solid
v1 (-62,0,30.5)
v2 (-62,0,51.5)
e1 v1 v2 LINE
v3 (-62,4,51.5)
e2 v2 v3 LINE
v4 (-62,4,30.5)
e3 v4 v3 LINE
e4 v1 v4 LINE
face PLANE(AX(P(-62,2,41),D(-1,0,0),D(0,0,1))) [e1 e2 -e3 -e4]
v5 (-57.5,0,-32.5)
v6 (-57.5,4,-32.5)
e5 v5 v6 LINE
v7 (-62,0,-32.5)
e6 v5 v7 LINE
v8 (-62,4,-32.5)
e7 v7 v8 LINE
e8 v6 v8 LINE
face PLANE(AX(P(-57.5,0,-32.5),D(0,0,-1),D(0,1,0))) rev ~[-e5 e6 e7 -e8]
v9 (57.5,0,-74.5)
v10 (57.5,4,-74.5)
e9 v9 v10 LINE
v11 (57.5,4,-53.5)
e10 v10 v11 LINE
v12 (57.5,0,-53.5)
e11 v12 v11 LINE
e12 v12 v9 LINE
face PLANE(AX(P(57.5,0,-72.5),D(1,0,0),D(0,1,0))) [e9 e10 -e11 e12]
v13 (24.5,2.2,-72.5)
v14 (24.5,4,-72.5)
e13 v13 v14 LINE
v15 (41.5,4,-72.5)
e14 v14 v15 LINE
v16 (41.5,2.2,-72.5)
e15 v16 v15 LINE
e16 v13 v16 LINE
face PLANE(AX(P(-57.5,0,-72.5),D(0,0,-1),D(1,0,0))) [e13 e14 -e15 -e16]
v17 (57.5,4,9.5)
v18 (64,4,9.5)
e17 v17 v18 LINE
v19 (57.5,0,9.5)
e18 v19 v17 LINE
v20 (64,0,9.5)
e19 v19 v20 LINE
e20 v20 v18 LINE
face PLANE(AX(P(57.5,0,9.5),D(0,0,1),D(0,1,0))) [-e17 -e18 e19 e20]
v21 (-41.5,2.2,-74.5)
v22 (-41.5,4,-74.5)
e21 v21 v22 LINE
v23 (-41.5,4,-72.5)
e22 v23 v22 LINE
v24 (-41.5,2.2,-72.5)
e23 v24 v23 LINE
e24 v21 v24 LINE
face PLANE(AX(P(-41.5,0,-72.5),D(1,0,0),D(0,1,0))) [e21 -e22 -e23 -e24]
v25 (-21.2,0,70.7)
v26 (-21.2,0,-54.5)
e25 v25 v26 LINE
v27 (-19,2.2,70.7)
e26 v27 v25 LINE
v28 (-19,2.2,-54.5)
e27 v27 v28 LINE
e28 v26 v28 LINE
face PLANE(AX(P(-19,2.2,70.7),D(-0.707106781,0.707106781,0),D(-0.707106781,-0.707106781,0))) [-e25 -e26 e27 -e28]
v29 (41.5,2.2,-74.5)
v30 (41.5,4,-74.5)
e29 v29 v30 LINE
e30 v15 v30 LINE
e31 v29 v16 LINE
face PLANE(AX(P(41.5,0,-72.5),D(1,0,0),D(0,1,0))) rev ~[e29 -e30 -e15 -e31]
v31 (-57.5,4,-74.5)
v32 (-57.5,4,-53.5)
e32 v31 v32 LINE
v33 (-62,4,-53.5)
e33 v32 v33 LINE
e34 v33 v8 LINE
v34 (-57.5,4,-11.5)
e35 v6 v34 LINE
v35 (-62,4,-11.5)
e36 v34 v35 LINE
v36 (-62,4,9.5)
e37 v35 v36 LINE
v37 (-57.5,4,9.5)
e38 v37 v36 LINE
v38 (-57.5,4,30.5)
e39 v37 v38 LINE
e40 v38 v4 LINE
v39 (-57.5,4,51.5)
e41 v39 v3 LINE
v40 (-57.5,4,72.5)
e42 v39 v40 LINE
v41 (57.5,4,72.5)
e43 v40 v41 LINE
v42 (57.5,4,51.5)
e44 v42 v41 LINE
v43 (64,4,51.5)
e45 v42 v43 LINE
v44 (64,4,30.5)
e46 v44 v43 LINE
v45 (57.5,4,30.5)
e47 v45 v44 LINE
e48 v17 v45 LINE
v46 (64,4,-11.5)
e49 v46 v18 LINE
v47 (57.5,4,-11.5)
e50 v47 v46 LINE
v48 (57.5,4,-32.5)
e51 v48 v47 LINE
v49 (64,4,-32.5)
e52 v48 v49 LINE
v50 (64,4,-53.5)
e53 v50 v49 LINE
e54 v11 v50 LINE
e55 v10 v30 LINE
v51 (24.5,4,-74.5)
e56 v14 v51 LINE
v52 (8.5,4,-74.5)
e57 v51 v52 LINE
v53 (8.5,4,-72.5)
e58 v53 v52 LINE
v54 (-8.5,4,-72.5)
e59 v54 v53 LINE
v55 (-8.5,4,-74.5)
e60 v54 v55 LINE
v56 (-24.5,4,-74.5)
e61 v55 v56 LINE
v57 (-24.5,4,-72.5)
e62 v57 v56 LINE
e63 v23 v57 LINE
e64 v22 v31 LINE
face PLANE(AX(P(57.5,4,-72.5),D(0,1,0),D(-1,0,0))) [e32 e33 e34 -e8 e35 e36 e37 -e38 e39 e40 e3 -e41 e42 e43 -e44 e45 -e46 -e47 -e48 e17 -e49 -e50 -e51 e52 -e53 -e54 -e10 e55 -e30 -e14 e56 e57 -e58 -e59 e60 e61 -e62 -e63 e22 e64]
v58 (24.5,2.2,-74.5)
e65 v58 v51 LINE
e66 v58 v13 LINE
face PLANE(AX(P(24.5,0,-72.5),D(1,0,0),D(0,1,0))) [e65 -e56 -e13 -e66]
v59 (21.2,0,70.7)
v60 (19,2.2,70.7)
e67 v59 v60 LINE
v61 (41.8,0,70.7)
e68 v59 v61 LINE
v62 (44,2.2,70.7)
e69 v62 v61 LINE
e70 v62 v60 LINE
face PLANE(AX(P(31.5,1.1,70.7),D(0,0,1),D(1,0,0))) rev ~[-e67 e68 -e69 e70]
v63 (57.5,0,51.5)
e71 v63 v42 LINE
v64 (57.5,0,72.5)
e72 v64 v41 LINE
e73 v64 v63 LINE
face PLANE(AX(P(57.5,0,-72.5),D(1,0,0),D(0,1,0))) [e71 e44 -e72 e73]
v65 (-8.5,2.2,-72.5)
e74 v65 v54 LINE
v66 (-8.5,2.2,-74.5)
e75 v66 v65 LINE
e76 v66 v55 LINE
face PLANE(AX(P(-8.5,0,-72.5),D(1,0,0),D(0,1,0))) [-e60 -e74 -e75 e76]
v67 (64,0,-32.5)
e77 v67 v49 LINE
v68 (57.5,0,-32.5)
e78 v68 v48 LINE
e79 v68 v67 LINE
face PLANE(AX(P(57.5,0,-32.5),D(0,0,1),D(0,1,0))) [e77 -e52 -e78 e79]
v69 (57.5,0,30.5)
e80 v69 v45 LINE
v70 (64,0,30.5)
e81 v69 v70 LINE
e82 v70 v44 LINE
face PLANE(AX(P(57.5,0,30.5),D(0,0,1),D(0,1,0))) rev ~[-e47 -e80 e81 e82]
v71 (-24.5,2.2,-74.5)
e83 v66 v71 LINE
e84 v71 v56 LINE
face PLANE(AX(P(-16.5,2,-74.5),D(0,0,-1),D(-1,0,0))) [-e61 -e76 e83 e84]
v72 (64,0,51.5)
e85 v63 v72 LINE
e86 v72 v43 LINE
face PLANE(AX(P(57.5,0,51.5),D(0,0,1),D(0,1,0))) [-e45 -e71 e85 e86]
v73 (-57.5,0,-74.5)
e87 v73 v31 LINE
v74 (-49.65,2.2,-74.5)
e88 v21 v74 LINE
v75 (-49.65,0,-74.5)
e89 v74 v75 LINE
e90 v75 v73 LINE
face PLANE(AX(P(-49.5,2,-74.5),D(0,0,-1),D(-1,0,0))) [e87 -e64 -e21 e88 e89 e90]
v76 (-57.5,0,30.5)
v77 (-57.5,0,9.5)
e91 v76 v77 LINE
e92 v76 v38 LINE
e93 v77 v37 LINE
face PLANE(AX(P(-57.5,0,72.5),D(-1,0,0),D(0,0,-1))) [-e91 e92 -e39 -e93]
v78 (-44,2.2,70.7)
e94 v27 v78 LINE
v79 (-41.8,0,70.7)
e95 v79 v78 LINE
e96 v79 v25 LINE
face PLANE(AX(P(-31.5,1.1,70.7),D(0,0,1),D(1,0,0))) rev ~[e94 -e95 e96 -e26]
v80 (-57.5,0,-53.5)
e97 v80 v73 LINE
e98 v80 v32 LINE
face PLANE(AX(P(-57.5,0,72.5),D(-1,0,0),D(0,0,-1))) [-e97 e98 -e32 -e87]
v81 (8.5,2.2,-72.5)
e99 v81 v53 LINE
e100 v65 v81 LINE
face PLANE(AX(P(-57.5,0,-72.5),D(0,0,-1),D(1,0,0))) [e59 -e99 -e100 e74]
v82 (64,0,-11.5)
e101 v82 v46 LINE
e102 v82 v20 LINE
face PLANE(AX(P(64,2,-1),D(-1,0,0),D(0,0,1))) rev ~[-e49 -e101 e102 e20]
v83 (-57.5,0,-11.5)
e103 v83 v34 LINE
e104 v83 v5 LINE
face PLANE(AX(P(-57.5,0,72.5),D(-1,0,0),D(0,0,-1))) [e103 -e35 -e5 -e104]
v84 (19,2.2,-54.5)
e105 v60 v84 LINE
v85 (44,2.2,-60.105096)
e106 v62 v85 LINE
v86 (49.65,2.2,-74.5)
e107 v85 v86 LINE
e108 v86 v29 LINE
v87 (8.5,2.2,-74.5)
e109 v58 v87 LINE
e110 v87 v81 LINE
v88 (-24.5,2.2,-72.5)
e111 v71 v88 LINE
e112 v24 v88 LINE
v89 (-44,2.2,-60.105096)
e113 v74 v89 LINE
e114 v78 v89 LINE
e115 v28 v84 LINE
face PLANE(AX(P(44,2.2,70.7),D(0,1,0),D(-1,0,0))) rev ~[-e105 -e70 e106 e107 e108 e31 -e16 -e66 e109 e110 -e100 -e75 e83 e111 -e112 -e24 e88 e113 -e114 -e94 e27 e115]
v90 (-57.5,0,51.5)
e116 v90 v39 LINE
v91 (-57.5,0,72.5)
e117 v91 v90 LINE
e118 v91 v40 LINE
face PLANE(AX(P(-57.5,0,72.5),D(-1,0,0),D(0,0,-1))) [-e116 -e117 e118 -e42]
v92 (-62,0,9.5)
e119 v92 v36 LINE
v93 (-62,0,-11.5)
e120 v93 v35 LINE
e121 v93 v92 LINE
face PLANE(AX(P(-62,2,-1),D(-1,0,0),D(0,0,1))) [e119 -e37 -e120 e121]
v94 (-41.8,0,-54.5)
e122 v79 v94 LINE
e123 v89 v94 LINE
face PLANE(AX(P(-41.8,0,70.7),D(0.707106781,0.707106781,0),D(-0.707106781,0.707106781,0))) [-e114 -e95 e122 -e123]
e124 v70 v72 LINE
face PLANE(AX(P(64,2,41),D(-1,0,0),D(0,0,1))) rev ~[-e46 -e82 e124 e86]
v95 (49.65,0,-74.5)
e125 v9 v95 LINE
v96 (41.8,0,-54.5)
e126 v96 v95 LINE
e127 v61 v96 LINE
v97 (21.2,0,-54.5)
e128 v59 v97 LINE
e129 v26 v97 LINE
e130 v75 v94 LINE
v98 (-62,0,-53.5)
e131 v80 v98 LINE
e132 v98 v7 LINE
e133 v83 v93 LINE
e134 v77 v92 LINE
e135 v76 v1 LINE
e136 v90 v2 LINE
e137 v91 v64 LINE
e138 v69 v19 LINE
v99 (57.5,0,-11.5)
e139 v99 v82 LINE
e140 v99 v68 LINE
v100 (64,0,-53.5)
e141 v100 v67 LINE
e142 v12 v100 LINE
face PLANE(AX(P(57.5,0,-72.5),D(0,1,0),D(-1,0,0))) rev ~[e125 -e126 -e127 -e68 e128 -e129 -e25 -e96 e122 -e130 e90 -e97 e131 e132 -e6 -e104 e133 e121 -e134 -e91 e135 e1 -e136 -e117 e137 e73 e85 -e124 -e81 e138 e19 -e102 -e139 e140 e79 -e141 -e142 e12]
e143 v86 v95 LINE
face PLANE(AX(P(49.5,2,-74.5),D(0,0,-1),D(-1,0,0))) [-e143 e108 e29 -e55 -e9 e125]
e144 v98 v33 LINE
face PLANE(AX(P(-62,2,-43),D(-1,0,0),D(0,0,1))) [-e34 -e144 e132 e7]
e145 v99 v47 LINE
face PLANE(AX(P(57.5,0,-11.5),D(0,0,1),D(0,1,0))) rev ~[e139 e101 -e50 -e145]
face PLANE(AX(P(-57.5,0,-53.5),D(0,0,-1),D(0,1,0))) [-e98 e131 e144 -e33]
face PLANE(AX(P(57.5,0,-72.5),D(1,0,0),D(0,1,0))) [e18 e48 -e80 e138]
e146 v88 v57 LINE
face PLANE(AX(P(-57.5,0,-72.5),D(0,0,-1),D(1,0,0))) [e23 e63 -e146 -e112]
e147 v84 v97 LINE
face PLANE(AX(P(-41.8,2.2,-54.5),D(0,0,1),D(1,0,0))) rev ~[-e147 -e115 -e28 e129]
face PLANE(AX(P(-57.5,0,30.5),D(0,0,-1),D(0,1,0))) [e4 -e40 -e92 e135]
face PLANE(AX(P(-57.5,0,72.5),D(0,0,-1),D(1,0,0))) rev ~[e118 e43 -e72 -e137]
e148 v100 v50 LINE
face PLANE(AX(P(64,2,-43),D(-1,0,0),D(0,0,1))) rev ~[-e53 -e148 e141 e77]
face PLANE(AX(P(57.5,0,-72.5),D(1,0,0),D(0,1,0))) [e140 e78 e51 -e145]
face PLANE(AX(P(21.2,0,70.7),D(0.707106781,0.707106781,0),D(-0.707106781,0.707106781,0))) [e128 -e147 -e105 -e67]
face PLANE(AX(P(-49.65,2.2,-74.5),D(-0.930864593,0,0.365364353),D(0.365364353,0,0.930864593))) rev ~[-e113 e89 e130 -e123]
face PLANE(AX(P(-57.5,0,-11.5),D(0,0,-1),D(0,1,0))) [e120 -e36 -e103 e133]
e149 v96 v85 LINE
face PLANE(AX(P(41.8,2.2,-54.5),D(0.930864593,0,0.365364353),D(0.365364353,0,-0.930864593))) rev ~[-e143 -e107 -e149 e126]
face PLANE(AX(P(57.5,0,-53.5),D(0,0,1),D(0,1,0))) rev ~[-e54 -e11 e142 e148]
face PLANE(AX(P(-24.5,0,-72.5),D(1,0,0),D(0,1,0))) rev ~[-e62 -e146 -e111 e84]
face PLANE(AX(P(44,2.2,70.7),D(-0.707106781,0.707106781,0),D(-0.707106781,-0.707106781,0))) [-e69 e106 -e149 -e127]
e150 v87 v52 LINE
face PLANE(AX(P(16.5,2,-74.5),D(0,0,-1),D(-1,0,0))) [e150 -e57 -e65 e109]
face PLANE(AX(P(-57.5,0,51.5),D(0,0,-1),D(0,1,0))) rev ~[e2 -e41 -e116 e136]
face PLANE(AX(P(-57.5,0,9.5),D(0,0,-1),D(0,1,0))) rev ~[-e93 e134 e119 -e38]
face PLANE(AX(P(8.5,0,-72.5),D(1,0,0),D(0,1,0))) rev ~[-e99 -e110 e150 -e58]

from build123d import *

# Parameters (mm, degrees)
SKETCH_4_W          = 115
SKETCH_4_H          = 145
EXTRUDE_1_DEPTH     = 4
SKETCH_5_W          = 16
SKETCH_5_H          = 4
EXTRUDE_2_DEPTH     = 2
SKETCH_6_W          = 21
SKETCH_6_H          = 4
EXTRUDE_3_DEPTH     = 4.5
EXTRUDE_START       = -115
SKETCH_6_2_W        = 21
SKETCH_6_2_H        = 4
EXTRUDE_4_DEPTH     = 6.5
CUT_EXTRUDE_START   = -1.8
SKETCH_7_W          = 20.6
SKETCH_7_H          = 2.2
CUT_EXTRUDE_1_DEPTH = 159.577679245
CUT_EXTRUDE_2_DEPTH = 99.239961319


with BuildPart() as part:
    # 草图4 → 凸台-拉伸1 (new body)
    with BuildSketch(Plane(origin=(0, 0, 0), x_dir=(1, 0, 0), z_dir=(0, 1, 0))):
        Rectangle(SKETCH_4_W, SKETCH_4_H)
    extrude(amount=EXTRUDE_1_DEPTH)

    # 草图5 → 凸台-拉伸2 (add)
    with BuildSketch(Plane(origin=(0, 0, -72.5), x_dir=(-1, 0, 0), z_dir=(0, 0, -1))):
        with Locations((-49.5, 2)):
            Rectangle(SKETCH_5_W, SKETCH_5_H)
        with Locations((-16.5, 2)):
            Rectangle(SKETCH_5_W, SKETCH_5_H)
        with Locations((16.5, 2)):
            Rectangle(SKETCH_5_W, SKETCH_5_H)
        with Locations((49.5, 2)):
            Rectangle(SKETCH_5_W, SKETCH_5_H)
    extrude(amount=EXTRUDE_2_DEPTH)

    # 草图6 → 凸台-拉伸3 (add)
    with BuildSketch(Plane.ZY.offset(57.5)):
        with Locations((-43, 2)):
            Rectangle(SKETCH_6_W, SKETCH_6_H)
        with Locations((-1, 2)):
            Rectangle(SKETCH_6_W, SKETCH_6_H)
        with Locations((41, 2)):
            Rectangle(SKETCH_6_W, SKETCH_6_H)
    extrude(amount=EXTRUDE_3_DEPTH)

    # 草图6<2> → 凸台-拉伸4 (add)
    with BuildSketch(Plane.ZY.offset(57.5).offset(EXTRUDE_START)):
        with Locations((-43, 2)):
            Rectangle(SKETCH_6_2_W, SKETCH_6_2_H)
        with Locations((-1, 2)):
            Rectangle(SKETCH_6_2_W, SKETCH_6_2_H)
        with Locations((41, 2)):
            Rectangle(SKETCH_6_2_W, SKETCH_6_2_H)
    extrude(amount=-EXTRUDE_4_DEPTH)

    # 草图7 → 切除-拉伸1 (cut, through all)
    with BuildSketch(Plane.XY.offset(72.5).offset(CUT_EXTRUDE_START)):
        with Locations((31.5, 1.1)):
            Rectangle(SKETCH_7_W, SKETCH_7_H)
        with Locations((-31.5, 1.1)):
            Rectangle(SKETCH_7_W, SKETCH_7_H)
        Polygon((-21.2, 2.2), (-19, 2.2), (-21.2, 0), align=None)
        Polygon((-41.8, 2.2), (-41.8, 0), (-44, 2.2), align=None)
        Polygon((41.8, 2.2), (44, 2.2), (41.8, 0), align=None)
        Polygon((21.2, 2.2), (21.2, 0), (19, 2.2), align=None)
    extrude(amount=-CUT_EXTRUDE_1_DEPTH, mode=Mode.SUBTRACT)

    # 草图8 → 切除-拉伸2 (cut, through all)
    with BuildSketch(Plane.XZ.offset(-2.2)):
        Polygon((-49.65, -74.5), (-41.8, -54.5), (41.8, -54.5), (49.65, -74.5), align=None)
    extrude(amount=CUT_EXTRUDE_2_DEPTH, mode=Mode.SUBTRACT)


solid = part.part
